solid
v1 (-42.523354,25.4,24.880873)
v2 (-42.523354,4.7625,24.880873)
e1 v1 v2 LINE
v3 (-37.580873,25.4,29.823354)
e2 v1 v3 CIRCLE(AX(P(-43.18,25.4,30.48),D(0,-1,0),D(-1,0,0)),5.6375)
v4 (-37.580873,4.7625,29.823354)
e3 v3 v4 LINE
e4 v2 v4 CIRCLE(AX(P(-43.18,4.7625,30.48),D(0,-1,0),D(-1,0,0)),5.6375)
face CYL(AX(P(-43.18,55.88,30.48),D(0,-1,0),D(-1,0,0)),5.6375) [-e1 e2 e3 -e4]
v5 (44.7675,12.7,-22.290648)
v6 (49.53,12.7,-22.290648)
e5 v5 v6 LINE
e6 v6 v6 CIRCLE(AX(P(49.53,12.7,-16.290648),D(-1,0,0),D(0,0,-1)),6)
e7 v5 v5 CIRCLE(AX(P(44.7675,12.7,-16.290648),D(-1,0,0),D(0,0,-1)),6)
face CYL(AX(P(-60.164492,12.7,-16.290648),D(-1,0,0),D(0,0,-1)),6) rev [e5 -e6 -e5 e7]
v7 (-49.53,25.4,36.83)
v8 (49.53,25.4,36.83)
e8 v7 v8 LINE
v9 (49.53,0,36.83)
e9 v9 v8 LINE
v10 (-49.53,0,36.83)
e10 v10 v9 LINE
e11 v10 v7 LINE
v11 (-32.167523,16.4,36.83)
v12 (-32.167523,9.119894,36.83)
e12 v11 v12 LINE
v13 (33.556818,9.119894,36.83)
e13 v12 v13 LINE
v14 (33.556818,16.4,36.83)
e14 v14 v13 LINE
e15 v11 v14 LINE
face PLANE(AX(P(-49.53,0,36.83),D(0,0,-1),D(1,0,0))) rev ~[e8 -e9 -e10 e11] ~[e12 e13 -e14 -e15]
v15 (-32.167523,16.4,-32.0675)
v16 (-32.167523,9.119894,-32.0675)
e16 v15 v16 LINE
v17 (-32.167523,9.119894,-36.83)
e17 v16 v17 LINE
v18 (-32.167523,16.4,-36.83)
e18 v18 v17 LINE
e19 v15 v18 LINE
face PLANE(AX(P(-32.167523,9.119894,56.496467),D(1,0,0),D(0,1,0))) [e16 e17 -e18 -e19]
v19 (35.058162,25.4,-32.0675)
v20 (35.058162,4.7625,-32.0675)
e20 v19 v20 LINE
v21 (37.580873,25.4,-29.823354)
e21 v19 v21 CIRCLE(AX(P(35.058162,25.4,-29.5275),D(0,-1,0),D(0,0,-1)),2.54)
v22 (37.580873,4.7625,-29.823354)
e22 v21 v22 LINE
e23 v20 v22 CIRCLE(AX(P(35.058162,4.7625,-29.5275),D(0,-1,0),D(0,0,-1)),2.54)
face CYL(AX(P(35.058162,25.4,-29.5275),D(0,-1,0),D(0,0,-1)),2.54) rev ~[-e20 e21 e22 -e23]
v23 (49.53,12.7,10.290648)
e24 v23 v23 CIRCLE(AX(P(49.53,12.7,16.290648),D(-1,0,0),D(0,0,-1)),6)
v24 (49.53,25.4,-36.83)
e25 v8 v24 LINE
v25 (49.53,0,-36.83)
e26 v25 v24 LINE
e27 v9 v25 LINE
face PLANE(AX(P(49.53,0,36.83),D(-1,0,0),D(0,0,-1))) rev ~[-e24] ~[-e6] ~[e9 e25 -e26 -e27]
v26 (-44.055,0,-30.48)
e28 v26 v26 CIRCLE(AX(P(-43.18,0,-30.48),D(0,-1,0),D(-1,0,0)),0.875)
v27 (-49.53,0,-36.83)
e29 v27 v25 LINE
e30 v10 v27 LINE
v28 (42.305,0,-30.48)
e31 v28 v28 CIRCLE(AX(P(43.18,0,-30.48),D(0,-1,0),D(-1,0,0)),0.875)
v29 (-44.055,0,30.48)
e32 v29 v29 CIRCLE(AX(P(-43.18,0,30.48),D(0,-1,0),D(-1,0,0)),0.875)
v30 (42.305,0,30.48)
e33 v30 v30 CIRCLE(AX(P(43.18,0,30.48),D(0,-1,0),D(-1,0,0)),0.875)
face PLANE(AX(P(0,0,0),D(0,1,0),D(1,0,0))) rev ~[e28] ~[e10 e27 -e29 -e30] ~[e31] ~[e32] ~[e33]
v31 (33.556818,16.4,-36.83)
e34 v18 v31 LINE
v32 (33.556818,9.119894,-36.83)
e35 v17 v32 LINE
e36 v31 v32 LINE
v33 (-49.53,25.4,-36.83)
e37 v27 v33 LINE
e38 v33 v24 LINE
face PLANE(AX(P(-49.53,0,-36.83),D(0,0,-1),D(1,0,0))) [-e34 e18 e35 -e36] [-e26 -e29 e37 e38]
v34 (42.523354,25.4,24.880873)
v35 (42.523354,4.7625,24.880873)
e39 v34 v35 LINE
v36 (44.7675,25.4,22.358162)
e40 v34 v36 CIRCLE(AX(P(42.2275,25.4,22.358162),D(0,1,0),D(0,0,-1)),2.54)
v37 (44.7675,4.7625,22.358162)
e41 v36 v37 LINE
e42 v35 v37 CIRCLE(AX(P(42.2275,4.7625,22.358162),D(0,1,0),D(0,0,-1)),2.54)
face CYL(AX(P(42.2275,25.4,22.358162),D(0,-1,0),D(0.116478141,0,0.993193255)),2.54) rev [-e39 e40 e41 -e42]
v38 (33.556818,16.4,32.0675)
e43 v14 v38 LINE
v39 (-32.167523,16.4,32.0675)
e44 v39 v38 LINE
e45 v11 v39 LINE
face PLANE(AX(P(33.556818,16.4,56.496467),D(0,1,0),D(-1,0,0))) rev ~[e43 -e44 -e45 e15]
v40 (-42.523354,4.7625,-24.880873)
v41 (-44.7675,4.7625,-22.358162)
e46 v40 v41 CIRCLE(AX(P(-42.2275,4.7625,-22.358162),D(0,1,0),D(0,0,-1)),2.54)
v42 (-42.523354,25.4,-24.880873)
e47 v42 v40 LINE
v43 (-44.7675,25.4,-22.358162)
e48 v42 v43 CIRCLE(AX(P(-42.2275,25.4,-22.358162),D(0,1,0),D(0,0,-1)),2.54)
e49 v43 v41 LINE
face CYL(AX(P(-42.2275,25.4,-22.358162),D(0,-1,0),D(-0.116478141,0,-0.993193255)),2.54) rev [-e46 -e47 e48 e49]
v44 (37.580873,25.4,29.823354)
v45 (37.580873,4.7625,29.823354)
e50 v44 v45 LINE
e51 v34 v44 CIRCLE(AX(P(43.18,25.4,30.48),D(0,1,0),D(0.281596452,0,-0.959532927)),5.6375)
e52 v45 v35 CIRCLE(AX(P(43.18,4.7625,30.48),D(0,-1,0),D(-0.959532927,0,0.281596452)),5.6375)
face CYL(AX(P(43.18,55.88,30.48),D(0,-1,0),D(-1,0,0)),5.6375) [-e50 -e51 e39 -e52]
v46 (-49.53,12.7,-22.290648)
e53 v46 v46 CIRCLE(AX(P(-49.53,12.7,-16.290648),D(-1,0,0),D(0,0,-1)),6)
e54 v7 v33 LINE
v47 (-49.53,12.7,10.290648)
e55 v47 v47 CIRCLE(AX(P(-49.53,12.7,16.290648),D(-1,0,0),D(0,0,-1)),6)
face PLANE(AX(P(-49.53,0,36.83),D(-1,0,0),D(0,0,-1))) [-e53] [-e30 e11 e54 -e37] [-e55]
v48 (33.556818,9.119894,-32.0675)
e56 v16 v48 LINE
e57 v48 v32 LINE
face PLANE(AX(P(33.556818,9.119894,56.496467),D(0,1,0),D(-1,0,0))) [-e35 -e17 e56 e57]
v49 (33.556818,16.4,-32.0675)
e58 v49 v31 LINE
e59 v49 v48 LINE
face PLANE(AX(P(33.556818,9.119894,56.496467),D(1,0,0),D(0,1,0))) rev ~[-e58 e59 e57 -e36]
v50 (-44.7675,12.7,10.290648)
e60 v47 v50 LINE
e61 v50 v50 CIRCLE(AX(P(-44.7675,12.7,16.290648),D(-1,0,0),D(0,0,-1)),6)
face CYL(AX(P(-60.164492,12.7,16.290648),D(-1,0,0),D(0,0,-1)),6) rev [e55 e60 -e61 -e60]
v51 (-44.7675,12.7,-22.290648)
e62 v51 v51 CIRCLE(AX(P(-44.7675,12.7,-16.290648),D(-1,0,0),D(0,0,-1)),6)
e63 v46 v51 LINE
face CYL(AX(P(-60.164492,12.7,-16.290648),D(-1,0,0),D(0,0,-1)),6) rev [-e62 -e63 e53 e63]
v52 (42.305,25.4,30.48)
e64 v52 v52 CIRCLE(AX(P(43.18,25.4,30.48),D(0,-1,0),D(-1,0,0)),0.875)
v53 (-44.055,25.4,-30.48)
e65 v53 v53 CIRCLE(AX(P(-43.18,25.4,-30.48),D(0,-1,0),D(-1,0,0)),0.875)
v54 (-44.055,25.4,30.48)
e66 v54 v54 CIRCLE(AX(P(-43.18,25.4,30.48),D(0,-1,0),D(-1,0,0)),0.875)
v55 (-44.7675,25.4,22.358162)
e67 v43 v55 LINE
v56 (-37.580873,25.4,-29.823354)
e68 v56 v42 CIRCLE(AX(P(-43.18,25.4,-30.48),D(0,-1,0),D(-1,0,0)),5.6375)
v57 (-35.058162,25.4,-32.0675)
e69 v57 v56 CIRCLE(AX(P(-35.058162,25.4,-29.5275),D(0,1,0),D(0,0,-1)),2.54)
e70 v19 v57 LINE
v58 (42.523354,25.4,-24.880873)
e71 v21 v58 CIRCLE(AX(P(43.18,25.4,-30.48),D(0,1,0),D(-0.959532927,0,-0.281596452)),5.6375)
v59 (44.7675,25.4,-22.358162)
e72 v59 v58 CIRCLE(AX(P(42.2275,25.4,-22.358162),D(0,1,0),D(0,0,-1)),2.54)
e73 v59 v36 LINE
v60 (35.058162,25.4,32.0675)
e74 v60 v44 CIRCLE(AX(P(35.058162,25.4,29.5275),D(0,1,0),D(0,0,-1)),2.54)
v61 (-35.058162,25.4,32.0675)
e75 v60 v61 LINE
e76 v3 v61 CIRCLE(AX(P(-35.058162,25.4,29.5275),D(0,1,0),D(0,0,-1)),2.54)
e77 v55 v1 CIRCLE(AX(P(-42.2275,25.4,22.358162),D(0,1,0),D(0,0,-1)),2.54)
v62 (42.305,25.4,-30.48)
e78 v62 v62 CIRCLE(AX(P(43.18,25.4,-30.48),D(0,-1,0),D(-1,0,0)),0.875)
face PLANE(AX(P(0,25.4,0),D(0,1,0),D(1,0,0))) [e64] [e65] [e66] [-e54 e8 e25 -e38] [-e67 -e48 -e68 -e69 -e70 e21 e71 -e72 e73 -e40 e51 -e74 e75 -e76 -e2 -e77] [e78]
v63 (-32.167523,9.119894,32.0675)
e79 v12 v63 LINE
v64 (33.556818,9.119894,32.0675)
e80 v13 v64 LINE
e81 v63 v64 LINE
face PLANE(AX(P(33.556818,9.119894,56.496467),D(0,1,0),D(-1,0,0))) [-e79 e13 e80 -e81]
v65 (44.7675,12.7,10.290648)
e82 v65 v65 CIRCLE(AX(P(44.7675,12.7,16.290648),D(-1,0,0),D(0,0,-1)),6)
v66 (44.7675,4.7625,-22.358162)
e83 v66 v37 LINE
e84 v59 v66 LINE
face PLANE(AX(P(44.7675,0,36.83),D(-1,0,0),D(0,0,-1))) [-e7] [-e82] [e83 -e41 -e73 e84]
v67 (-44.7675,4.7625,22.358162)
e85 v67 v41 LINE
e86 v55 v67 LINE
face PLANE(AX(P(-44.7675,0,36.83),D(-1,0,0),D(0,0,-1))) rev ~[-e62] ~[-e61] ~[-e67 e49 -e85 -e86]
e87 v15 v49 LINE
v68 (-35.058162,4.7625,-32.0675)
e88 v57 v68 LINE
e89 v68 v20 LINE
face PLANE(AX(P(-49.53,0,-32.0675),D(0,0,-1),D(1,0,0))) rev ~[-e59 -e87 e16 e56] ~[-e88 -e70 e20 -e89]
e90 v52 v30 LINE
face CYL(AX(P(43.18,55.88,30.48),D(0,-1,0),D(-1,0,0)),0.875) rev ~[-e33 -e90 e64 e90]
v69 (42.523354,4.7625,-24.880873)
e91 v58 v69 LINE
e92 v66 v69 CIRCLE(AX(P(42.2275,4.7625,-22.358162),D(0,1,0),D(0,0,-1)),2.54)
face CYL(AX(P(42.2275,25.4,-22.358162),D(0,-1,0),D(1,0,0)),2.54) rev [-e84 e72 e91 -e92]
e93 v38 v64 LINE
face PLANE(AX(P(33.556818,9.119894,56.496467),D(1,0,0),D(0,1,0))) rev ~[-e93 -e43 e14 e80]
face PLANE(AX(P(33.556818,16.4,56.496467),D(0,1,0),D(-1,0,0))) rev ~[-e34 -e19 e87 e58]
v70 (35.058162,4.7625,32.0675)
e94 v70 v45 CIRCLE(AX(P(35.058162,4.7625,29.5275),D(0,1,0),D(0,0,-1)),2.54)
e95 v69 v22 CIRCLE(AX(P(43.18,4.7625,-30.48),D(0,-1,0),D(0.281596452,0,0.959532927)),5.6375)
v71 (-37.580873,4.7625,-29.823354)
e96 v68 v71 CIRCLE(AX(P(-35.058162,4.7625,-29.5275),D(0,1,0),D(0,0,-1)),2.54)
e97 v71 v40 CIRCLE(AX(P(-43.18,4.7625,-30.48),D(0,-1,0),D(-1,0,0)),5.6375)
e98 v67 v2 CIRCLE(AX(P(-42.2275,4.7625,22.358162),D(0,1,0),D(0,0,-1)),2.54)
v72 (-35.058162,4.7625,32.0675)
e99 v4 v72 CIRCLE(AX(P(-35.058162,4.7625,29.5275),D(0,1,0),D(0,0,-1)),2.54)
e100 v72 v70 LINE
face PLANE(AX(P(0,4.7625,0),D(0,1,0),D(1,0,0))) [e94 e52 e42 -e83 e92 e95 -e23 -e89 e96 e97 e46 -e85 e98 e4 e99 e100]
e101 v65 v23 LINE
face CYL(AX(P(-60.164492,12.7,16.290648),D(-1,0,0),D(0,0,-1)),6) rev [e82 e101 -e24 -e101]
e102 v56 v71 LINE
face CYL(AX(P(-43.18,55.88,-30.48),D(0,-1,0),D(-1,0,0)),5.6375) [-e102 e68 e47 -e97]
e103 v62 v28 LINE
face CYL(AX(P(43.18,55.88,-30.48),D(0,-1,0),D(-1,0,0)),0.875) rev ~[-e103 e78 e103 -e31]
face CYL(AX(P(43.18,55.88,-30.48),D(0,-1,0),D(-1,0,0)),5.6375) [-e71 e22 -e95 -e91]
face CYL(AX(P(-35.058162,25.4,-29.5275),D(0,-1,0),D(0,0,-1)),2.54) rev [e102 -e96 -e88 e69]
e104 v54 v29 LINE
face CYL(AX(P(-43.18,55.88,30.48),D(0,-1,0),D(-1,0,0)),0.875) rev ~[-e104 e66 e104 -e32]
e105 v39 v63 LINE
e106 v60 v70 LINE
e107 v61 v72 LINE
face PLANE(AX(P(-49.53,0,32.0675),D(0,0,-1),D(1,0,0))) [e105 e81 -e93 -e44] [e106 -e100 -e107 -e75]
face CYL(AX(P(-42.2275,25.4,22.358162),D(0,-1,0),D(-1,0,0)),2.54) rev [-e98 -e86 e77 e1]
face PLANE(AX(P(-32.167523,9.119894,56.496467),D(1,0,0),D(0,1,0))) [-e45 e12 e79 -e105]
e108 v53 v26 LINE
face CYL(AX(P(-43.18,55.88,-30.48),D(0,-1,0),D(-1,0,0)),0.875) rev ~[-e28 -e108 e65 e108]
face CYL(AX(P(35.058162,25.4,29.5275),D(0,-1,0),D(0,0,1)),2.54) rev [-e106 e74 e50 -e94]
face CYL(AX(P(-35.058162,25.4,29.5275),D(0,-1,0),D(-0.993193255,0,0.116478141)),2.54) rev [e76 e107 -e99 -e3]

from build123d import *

# Parameters (mm, degrees)
SKETCH1_W                    = 99.06
SKETCH1_H                    = 73.66
BOSS_EXTRUDE1_DEPTH          = 25.4
M2_2X0_45_TAPPED_HOLE2_D     = 1.75
M2_2X0_45_TAPPED_HOLE2_DEPTH = 30.48
M2_2X0_45_TAPPED_HOLE2_TIP   = 0.525753042
SHELL3_T                     = -4.7625
FILLET2_R                    = 2.54
CUT_EXTRUDE1_DEPTH           = 109.694491581
CUT_EXTRUDE1_DEPTH_BACK      = 109.694491581
SKETCH11_R                   = 6
CUT_EXTRUDE2_DEPTH           = 93.326466953
CUT_EXTRUDE2_DEPTH_BACK      = 93.326466953
SKETCH12_W                   = 65.724340076
SKETCH12_H                   = 7.280106329


with BuildPart() as part:
    # Sketch1 → Boss-Extrude1 (new body)
    with BuildSketch(Plane(origin=(0, 0, 0), x_dir=(1, 0, 0), z_dir=(0, 1, 0))):
        Rectangle(SKETCH1_W, SKETCH1_H)
    extrude(amount=BOSS_EXTRUDE1_DEPTH)

    # M2.2x0.45 Tapped Hole2
    with Locations(Plane(origin=(0, 25.4, 0), x_dir=(1, 0, 0), z_dir=(0, 1, 0))):
        with Locations((-43.18, 30.48), (43.18, 30.48), (43.18, -30.48), (-43.18, -30.48)):
            Hole(M2_2X0_45_TAPPED_HOLE2_D / 2, depth=M2_2X0_45_TAPPED_HOLE2_DEPTH)
            with Locations((0, 0, -(M2_2X0_45_TAPPED_HOLE2_DEPTH + M2_2X0_45_TAPPED_HOLE2_TIP / 2))):  # 118° drill point
                Cone(0, M2_2X0_45_TAPPED_HOLE2_D / 2, M2_2X0_45_TAPPED_HOLE2_TIP, mode=Mode.SUBTRACT)

    # Shell3
    shell3_openings = [part.faces().sort_by_distance(p)[0] for p in [
        (0, 25.4, 0),
    ]]
    offset(amount=SHELL3_T, openings=shell3_openings, kind=Kind.INTERSECTION)

    # Fillet2
    fillet2_edges = [part.edges().sort_by_distance(p)[0] for p in [
        (-44.7675, 15.08125, -25.070633124),
        (-37.770633124, 15.08125, 32.0675),
        (44.7675, 15.08125, 25.070633124),
        (37.770633124, 15.08125, -32.0675),
        (-44.7675, 15.08125, 25.070633124),
        (37.770633124, 15.08125, 32.0675),
        (44.7675, 15.08125, -25.070633124),
        (-37.770633124, 15.08125, -32.0675),
    ]]
    fillet(fillet2_edges, radius=FILLET2_R)

    # Sketch11 → Cut-Extrude1 (cut, two sides: drawn at the far end of the back side and taken through both)
    with BuildSketch(Plane(origin=(49.53, 0, 0), x_dir=(0, 0, -1), z_dir=(1, 0, 0)).offset(-CUT_EXTRUDE1_DEPTH_BACK)):
        with Locations((-16.290648395, 12.7)):
            Circle(SKETCH11_R)
        with Locations((16.290648395, 12.7)):
            Circle(SKETCH11_R)
    extrude(amount=CUT_EXTRUDE1_DEPTH + CUT_EXTRUDE1_DEPTH_BACK, mode=Mode.SUBTRACT)

    # Sketch12 → Cut-Extrude2 (cut, two sides: drawn at the far end of the back side and taken through both)
    with BuildSketch(Plane(origin=(0, 0, -36.83), x_dir=(-1, 0, 0), z_dir=(0, 0, -1)).offset(-CUT_EXTRUDE2_DEPTH_BACK)):
        with Locations((-0.694647497, 12.759946836)):
            Rectangle(SKETCH12_W, SKETCH12_H)
    extrude(amount=CUT_EXTRUDE2_DEPTH + CUT_EXTRUDE2_DEPTH_BACK, mode=Mode.SUBTRACT)


solid = part.part
